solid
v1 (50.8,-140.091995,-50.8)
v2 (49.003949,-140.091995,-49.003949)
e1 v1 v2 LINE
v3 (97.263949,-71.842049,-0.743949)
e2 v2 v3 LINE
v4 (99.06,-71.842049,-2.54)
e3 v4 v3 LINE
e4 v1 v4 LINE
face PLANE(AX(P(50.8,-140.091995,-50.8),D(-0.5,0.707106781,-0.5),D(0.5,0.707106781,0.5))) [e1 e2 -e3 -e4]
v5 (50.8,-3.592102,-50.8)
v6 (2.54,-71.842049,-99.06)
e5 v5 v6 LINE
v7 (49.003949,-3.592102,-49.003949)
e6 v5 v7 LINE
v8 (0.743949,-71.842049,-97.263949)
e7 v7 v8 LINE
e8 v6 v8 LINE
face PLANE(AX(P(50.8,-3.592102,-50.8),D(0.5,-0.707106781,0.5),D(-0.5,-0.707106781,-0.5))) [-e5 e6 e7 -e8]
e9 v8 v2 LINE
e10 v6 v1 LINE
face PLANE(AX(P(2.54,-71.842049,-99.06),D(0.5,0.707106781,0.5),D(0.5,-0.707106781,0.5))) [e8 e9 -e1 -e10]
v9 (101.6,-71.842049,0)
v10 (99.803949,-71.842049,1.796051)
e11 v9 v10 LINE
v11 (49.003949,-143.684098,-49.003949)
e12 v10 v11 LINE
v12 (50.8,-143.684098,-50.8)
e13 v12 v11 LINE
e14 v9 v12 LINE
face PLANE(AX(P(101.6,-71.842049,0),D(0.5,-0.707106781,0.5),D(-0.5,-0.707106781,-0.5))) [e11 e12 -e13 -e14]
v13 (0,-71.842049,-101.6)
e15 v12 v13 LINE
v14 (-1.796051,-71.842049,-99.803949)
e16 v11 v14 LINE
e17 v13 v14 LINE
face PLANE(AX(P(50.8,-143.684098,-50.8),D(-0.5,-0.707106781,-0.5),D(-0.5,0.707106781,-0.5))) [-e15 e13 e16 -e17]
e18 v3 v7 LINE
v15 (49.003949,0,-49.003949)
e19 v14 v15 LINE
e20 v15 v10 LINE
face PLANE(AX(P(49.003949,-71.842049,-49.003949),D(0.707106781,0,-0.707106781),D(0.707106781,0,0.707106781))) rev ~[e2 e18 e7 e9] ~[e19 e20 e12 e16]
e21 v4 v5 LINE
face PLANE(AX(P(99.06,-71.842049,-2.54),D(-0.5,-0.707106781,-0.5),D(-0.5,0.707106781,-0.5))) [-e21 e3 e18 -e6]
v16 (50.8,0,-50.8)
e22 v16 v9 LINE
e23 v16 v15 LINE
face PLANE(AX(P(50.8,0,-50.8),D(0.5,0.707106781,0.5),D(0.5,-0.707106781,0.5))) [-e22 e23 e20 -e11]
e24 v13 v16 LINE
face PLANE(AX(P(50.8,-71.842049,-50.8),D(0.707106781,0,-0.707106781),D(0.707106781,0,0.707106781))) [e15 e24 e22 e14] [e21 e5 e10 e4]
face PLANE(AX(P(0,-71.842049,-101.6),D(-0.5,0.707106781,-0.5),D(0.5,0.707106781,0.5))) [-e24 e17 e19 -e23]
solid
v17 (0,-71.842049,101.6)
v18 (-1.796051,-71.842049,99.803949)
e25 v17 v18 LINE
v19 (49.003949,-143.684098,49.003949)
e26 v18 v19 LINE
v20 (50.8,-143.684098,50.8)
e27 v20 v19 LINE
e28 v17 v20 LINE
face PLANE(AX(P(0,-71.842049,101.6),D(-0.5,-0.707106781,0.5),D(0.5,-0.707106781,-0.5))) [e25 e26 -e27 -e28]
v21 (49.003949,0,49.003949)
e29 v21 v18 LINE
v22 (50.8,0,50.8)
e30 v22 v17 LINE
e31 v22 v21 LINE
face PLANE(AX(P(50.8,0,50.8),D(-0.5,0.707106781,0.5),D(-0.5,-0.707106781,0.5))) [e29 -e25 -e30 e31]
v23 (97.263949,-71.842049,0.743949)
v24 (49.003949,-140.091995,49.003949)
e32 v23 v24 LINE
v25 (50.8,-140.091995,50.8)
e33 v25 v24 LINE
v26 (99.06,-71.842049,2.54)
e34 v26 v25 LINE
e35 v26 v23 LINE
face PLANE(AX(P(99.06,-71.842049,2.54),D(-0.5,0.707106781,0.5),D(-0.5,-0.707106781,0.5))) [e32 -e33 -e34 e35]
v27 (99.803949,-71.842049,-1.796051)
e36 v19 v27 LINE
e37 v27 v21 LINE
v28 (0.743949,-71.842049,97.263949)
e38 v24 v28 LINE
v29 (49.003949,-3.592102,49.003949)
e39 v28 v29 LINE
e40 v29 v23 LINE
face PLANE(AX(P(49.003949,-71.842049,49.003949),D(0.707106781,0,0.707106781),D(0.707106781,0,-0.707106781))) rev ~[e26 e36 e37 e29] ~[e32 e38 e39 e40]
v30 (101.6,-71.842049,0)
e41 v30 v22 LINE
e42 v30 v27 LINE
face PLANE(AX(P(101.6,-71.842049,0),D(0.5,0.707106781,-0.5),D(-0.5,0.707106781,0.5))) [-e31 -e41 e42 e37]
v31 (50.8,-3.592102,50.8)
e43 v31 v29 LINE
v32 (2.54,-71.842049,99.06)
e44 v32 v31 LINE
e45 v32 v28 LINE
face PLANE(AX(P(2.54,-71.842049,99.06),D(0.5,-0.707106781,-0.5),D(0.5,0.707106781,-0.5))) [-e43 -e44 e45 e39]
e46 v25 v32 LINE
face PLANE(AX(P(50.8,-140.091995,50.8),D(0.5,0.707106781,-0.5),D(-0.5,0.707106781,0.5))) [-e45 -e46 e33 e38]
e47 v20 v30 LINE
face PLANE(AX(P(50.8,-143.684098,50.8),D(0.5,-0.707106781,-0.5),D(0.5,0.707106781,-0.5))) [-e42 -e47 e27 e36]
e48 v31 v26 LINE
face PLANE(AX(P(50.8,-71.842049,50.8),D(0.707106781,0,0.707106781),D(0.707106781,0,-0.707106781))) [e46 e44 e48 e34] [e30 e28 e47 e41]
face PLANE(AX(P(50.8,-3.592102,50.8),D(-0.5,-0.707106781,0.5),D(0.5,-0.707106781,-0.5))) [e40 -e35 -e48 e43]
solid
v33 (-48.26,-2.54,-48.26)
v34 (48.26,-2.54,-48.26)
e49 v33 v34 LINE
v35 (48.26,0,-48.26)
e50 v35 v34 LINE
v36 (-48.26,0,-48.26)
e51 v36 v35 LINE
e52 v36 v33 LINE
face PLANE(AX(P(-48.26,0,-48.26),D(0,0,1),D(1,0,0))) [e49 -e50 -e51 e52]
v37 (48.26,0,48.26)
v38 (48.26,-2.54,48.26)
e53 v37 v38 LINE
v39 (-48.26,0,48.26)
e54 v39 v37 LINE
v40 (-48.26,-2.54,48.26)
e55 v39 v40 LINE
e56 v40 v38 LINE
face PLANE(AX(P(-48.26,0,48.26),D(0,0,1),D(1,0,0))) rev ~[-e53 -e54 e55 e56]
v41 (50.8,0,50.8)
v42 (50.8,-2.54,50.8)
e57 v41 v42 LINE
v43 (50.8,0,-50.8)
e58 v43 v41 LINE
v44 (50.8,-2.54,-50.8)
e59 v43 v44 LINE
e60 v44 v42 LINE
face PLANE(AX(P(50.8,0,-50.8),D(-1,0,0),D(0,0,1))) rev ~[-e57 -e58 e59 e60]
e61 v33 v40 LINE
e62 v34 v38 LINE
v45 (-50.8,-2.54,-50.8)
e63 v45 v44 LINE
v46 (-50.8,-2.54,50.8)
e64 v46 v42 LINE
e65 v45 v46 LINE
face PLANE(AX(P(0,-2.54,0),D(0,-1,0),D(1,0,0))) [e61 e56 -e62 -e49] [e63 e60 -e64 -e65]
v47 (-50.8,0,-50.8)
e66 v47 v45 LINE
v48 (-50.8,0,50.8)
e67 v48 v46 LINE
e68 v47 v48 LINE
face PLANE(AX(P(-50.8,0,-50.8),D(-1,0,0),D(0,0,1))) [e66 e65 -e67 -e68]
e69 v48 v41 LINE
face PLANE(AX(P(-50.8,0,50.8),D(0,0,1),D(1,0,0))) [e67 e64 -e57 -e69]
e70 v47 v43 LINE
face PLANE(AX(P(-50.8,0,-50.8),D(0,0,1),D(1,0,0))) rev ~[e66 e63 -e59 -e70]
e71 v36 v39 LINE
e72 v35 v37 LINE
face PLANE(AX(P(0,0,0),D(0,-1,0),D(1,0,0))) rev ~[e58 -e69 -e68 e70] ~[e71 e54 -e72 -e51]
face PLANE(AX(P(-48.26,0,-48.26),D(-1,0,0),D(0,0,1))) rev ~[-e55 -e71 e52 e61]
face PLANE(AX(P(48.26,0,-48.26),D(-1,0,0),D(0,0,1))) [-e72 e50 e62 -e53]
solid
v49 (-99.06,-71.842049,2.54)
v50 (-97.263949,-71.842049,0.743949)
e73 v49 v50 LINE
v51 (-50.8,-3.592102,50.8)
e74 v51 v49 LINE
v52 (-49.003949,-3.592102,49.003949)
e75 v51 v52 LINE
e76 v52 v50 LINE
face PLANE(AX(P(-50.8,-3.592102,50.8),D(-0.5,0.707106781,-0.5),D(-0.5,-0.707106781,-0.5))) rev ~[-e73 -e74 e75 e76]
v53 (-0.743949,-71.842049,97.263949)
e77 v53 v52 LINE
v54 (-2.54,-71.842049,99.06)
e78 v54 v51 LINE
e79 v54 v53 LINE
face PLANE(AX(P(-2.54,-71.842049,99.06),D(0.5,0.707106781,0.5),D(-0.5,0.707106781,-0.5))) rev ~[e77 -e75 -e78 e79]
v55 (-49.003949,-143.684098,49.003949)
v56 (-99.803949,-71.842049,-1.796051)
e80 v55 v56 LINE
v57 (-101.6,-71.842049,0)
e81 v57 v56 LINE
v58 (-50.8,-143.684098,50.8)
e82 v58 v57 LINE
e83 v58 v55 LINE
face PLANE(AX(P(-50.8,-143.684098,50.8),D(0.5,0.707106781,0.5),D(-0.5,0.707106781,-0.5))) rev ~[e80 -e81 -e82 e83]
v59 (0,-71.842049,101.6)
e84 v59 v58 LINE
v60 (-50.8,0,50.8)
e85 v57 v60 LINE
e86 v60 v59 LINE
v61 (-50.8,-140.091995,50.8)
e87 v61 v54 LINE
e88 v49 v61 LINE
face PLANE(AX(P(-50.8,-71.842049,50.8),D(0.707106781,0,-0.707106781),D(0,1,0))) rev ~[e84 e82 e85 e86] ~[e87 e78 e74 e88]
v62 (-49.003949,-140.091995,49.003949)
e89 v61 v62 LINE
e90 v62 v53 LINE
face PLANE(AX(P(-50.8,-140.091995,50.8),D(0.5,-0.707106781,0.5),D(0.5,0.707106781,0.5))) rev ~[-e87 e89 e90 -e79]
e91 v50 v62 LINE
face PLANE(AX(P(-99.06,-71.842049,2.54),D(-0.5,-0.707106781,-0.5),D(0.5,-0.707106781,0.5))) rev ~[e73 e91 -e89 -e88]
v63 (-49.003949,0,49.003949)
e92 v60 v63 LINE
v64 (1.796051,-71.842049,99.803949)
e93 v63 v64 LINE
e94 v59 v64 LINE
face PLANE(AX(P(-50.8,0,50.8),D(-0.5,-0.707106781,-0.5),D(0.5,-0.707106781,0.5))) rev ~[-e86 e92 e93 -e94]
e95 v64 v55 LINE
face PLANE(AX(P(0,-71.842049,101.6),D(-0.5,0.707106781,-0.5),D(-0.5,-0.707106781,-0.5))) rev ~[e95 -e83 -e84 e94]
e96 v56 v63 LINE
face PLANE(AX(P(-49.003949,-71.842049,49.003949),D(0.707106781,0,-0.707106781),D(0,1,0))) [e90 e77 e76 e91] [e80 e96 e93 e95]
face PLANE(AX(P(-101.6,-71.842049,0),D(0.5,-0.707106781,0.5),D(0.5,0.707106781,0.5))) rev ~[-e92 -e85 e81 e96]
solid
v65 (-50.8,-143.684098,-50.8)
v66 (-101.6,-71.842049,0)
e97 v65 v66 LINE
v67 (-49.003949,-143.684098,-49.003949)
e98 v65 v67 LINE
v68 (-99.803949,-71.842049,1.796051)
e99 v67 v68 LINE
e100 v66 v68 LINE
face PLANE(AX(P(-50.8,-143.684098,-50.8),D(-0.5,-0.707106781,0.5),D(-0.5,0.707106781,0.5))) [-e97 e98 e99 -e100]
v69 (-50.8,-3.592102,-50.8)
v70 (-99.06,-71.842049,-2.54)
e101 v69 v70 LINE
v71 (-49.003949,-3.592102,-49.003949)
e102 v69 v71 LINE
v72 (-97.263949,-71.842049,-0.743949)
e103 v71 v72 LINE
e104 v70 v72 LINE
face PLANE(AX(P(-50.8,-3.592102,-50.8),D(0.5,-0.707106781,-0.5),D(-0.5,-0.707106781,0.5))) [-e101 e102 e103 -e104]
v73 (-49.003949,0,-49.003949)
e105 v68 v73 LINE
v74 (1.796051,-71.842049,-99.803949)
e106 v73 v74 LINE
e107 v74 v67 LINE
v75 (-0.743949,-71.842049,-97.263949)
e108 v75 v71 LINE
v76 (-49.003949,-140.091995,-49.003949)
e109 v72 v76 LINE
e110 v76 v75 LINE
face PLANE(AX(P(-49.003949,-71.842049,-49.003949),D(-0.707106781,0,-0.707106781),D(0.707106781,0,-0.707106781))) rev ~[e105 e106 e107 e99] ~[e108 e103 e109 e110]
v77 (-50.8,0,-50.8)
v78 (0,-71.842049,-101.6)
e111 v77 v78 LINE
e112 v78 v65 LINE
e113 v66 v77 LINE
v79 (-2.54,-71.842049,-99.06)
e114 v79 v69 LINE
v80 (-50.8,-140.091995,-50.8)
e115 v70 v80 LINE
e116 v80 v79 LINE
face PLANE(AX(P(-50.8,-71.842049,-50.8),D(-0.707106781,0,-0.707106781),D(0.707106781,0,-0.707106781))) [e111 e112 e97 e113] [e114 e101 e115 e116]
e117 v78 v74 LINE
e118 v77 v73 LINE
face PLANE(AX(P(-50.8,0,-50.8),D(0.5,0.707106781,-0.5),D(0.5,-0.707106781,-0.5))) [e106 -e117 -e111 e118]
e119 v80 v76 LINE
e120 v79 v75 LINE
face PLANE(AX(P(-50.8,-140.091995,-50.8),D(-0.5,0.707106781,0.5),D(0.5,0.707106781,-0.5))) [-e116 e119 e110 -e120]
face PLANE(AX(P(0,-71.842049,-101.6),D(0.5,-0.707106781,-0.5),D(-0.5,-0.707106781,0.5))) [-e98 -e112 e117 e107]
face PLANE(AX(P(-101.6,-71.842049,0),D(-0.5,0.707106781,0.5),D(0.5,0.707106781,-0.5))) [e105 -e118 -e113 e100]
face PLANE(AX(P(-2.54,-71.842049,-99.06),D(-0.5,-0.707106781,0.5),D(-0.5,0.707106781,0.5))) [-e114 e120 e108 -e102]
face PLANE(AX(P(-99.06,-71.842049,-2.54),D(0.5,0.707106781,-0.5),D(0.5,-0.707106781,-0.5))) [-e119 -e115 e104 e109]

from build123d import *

# Parameters (mm, degrees)
F0_W      = 101.6
F0_H      = 101.6
F0_W_2    = 96.52
F0_H_2    = 96.52
F1_DEPTH  = 2.54
F4_DEPTH  = 2.54
F7_DEPTH  = 2.54
F10_DEPTH = 2.54
F13_DEPTH = 2.54


with BuildPart() as f1:
    # F0 (on Front) → F1 (new body)
    with BuildSketch(Plane.XZ):
        Rectangle(F0_W, F0_H)
        Rectangle(F0_W_2, F0_H_2, mode=Mode.SUBTRACT)
    extrude(amount=F1_DEPTH)


with BuildPart() as f4:
    # F3 (on face) → F4 (new body)
    with BuildSketch(Plane(origin=(50.8, 0, 50.8), x_dir=(0.7071067812, 0, -0.7071067812), z_dir=(0.7071067812, 0, 0.7071067812))):
        Polygon((71.8420489686, -71.8420489686), (0, 0), (-71.8420489686, -71.8420489686), (0, -143.6840979371), align=None)
        Polygon((0, -140.0919954887), (-68.2499465201, -71.8420489686), (0, -3.5921024484), (68.2499465201, -71.8420489686), align=None, mode=Mode.SUBTRACT)
    extrude(amount=-F4_DEPTH)


with BuildPart() as f7:
    # F6 (on 3pt) → F7 (new body)
    with BuildSketch(Plane(origin=(-50.8, 0, 50.8), x_dir=(0, 1, 0), z_dir=(0.7071067812, 0, -0.7071067812))):
        Polygon((0, 0), (-71.8420489686, 71.8420489686), (-143.6840979371, 0), (-71.8420489686, -71.8420489686), align=None)
        Polygon((-71.8420489686, -68.2499465201), (-140.0919954887, 0), (-71.8420489686, 68.2499465201), (-3.5921024484, 0), align=None, mode=Mode.SUBTRACT)
    extrude(amount=F7_DEPTH)


with BuildPart() as f10:
    # F9 (on 3pt) → F10 (new body)
    with BuildSketch(Plane(origin=(50.8, 0, -50.8), x_dir=(0.7071067812, 0, 0.7071067812), z_dir=(0.7071067812, 0, -0.7071067812))):
        Polygon((71.8420489686, 71.8420489686), (0, 143.6840979371), (-71.8420489686, 71.8420489686), (0, 0), align=None)
        Polygon((0, 3.5921024484), (-68.2499465201, 71.8420489686), (0, 140.0919954887), (68.2499465201, 71.8420489686), align=None, mode=Mode.SUBTRACT)
    extrude(amount=-F10_DEPTH)


with BuildPart() as f13:
    # F12 (on 3pt) → F13 (new body)
    with BuildSketch(Plane(origin=(-50.8, 0, -50.8), x_dir=(0.7071067812, 0, -0.7071067812), z_dir=(-0.7071067812, 0, -0.7071067812))):
        Polygon((71.8420489686, 71.8420489686), (0, 143.6840979371), (-71.8420489686, 71.8420489686), (0, 0), align=None)
        Polygon((0, 3.5921024484), (-68.2499465201, 71.8420489686), (0, 140.0919954887), (68.2499465201, 71.8420489686), align=None, mode=Mode.SUBTRACT)
    extrude(amount=-F13_DEPTH)


solid = Compound([f1.part, f4.part, f7.part, f10.part, f13.part])
